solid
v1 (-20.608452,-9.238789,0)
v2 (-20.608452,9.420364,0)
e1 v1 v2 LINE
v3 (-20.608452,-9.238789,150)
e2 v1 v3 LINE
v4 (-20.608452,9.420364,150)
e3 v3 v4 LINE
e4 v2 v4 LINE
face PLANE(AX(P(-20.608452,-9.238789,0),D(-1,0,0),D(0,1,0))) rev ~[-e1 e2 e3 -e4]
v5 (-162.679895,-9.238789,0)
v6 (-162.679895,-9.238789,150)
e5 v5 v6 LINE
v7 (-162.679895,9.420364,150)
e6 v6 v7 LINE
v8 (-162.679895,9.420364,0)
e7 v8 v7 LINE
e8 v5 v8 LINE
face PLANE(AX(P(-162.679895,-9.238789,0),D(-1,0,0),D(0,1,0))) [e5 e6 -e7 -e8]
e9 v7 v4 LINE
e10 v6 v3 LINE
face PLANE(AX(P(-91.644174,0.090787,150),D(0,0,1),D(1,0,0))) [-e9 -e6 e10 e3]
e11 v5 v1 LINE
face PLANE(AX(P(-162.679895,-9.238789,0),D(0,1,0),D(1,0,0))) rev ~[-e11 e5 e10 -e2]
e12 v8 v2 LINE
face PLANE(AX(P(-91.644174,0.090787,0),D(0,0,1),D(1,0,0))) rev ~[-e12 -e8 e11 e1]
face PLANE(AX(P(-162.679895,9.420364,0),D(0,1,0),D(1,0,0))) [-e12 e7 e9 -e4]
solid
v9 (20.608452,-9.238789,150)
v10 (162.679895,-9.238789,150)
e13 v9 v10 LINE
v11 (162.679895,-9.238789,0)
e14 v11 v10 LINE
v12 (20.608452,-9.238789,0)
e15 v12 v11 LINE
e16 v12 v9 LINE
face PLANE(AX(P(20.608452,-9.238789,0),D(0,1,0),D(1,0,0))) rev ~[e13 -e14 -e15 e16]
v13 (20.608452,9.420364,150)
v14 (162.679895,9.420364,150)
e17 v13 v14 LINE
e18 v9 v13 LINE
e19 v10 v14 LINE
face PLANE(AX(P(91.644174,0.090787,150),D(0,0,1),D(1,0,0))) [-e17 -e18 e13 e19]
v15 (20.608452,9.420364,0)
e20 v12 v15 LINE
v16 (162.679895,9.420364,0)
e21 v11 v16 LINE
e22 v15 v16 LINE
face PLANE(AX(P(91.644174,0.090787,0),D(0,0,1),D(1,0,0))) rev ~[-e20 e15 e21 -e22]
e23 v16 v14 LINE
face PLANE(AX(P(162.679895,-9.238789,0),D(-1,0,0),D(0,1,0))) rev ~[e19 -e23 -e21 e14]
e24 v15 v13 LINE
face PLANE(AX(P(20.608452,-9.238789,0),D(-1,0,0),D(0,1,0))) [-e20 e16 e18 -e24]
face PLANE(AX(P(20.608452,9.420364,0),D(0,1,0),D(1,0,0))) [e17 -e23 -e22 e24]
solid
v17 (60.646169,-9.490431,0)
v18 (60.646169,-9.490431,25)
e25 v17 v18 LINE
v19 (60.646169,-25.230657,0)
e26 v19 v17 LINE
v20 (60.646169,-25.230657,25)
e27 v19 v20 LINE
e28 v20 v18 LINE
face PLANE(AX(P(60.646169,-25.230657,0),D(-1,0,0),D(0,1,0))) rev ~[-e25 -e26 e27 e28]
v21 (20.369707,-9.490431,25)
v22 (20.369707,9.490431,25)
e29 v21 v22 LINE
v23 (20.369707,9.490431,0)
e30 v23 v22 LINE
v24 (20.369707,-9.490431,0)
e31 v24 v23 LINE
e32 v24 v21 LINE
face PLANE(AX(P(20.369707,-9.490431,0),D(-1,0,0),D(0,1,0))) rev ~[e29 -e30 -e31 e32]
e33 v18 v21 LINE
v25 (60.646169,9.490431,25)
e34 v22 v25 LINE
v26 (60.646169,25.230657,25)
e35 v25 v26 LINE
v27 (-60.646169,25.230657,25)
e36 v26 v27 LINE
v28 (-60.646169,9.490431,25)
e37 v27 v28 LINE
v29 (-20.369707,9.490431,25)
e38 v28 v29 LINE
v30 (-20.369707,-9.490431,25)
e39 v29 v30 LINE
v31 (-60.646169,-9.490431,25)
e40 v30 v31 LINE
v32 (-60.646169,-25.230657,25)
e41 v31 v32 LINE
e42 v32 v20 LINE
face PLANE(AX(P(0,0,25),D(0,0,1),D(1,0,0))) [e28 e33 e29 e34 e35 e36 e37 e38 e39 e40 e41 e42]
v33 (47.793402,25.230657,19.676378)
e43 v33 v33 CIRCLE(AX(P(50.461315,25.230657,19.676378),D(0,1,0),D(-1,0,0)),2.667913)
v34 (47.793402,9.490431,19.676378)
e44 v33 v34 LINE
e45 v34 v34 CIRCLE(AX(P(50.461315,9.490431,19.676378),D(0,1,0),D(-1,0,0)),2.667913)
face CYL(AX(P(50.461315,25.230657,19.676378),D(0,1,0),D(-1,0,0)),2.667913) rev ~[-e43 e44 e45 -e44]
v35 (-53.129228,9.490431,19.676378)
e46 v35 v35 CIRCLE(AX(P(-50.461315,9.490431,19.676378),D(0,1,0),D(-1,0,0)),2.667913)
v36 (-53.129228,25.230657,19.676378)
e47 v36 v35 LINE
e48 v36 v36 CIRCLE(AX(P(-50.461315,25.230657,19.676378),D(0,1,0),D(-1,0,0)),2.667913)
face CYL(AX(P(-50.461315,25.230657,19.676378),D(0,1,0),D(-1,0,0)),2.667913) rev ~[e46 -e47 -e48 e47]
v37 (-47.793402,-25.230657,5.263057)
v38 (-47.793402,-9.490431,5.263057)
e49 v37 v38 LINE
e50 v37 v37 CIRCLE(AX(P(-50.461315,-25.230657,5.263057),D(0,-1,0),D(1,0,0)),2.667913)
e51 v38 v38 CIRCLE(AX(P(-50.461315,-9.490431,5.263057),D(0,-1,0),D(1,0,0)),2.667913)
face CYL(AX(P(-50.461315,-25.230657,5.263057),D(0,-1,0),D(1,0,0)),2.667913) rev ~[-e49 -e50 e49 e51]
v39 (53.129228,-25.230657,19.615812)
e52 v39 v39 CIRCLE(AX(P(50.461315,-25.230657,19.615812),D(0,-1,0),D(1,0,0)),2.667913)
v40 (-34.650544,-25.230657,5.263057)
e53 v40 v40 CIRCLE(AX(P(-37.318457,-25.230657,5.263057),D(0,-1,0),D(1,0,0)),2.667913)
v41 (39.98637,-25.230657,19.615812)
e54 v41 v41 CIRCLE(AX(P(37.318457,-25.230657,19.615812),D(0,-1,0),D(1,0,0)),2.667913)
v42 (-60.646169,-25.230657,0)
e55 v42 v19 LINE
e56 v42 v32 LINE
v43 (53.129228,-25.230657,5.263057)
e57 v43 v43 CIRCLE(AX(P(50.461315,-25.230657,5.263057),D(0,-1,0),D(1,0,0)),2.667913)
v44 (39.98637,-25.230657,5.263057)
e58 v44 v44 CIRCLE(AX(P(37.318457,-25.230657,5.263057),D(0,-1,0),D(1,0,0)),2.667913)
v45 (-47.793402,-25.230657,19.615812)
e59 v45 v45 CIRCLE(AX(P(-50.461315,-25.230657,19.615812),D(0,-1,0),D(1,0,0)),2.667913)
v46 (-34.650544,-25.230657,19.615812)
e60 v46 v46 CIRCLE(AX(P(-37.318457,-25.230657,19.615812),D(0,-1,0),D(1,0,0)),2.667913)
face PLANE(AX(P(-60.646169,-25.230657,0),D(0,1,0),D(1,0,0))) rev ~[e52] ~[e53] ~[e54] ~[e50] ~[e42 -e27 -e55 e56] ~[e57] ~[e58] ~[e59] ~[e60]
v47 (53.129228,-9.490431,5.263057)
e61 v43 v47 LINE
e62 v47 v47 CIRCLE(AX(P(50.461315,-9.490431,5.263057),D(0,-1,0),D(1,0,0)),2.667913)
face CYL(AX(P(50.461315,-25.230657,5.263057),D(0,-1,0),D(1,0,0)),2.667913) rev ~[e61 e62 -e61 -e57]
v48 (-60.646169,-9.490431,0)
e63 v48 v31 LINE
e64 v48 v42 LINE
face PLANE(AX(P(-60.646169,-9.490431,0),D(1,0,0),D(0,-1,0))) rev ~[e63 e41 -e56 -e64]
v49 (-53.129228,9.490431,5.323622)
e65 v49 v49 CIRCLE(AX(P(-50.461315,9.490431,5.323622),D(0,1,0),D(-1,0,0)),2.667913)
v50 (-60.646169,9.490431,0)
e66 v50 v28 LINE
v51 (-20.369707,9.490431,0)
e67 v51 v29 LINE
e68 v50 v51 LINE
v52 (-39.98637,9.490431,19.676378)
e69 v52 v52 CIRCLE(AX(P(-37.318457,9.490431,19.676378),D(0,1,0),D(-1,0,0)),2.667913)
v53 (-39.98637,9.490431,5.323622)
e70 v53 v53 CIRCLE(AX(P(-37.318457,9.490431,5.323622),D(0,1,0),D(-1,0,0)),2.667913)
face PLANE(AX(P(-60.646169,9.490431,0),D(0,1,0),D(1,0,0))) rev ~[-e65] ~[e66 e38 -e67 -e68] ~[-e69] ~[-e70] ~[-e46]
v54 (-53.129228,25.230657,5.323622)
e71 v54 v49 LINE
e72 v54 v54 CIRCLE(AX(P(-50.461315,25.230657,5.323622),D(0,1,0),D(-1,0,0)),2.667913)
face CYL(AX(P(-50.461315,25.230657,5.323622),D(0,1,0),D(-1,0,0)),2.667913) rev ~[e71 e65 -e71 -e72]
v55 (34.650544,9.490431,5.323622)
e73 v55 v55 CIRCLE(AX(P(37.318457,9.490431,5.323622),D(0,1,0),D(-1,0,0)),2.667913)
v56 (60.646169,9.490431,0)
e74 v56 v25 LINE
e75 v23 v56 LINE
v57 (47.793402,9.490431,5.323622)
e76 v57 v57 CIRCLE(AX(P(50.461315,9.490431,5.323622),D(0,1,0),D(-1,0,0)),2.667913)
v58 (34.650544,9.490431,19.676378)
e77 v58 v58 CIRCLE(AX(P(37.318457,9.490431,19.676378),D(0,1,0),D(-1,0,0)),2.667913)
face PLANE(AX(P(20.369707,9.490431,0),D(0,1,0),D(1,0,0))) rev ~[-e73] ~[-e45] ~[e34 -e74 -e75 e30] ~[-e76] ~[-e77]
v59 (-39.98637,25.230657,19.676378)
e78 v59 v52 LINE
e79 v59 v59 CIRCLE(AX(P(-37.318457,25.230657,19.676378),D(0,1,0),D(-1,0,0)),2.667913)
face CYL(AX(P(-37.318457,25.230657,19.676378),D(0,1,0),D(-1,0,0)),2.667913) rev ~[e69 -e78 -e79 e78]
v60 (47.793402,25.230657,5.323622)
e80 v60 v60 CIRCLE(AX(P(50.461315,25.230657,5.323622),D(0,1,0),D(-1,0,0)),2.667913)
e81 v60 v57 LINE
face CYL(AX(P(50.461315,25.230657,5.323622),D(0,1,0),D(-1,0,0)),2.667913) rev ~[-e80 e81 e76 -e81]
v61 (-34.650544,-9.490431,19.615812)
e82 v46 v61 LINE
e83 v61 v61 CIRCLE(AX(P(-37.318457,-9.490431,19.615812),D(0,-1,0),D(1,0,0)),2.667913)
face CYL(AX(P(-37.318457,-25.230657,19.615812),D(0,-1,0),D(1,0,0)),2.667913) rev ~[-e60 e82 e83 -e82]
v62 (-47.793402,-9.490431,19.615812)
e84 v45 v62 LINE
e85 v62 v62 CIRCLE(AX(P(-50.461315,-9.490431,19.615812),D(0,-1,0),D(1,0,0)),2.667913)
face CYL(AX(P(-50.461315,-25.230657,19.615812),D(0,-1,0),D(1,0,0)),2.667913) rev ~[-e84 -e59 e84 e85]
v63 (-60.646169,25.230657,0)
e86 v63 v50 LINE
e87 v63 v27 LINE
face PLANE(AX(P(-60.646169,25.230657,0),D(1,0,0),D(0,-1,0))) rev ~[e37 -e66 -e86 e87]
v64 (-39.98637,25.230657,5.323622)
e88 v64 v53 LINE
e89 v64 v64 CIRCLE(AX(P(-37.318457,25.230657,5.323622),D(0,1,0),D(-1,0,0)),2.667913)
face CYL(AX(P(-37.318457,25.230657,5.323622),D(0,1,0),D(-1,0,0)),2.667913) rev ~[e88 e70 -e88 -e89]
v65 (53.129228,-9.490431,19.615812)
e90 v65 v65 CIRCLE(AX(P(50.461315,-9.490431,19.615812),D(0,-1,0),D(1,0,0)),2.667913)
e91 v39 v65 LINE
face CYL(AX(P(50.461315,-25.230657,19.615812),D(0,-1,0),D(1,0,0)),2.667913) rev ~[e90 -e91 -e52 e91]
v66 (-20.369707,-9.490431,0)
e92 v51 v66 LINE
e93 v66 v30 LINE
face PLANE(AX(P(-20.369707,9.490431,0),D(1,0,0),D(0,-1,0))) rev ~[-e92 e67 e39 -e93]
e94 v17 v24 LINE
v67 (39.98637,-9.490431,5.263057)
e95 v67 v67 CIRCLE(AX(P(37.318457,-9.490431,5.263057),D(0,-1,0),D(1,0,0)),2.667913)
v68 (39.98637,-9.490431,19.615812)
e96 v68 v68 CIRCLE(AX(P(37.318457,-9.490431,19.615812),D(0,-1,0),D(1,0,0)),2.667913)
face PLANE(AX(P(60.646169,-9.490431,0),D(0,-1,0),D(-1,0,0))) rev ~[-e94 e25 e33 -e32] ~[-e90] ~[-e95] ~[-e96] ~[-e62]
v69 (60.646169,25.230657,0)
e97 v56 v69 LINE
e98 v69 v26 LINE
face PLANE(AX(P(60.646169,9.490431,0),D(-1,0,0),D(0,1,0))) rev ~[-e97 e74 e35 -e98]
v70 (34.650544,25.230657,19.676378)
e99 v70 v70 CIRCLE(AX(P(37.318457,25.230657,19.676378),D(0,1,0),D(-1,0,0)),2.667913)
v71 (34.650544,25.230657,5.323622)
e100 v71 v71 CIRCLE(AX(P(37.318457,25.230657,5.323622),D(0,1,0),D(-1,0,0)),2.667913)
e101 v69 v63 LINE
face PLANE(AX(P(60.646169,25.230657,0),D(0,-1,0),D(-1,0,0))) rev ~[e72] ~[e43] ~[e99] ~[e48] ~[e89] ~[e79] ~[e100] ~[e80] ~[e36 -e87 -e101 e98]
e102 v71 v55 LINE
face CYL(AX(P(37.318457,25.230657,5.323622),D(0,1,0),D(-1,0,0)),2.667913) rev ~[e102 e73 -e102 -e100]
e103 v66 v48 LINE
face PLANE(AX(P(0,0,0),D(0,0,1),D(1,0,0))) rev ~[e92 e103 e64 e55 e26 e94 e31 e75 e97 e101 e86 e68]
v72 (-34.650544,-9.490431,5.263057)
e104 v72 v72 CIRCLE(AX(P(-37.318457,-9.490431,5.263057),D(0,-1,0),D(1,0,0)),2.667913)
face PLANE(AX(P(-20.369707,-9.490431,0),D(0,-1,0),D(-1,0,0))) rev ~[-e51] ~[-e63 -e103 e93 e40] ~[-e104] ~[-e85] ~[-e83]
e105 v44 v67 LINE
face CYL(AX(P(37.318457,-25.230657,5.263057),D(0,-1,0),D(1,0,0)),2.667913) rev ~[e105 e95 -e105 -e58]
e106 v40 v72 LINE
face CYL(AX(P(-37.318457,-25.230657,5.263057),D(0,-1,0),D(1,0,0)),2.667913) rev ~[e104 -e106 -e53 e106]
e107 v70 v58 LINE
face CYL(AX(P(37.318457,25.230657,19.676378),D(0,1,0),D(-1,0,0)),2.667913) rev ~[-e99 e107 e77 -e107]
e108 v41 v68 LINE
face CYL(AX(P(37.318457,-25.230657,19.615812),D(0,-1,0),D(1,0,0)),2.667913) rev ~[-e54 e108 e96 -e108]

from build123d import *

# Parameters (mm, degrees)
F1_DEPTH = 25
F2_R     = 2.667913
F3_DEPTH = 25
F4_R     = 2.667913
F5_DEPTH = 25
F6_W     = 142.071443
F6_H     = 18.659153
F7_DEPTH = 150
F8_DEPTH = 150


with BuildPart() as f1:
    # F0 (on Top) → F1 (new body)
    with BuildSketch(Plane.XY):
        Polygon((-60.646169, 9.490431), (-20.369707, 9.490431), (-20.369707, -9.490431), (-60.646169, -9.490431), (-60.646169, -25.230657), (0, -25.230657), (60.646169, -25.230657), (60.646169, -9.490431), (20.369707, -9.490431), (20.369707, 9.490431), (60.646169, 9.490431), (60.646169, 25.230657), (0, 25.230657), (-60.646169, 25.230657), align=None)
    extrude(amount=F1_DEPTH)

    # F2 (on face) → F3 (cut)
    with BuildSketch(Plane(origin=(0, 25.230657, 0), x_dir=(-1, 0, 0), z_dir=(0, 1, 0))):
        with Locations((50.461315, 5.323622)):
            Circle(F2_R)
        with Locations((37.318457, 5.323622)):
            Circle(F2_R)
        with Locations((50.461315, 19.676378)):
            Circle(F2_R)
        with Locations((37.318457, 19.676378)):
            Circle(F2_R)
        with Locations((-37.318457, 5.323622)):
            Circle(F2_R)
        with Locations((-50.461315, 5.323622)):
            Circle(F2_R)
        with Locations((-50.461315, 19.676378)):
            Circle(F2_R)
        with Locations((-37.318457, 19.676378)):
            Circle(F2_R)
    extrude(amount=-F3_DEPTH, mode=Mode.SUBTRACT)

    # F4 (on face) → F5 (cut)
    with BuildSketch(Plane.XZ.offset(25.230657)):
        with Locations((50.461315, 5.263057)):
            Circle(F4_R)
        with Locations((50.461315, 19.615812)):
            Circle(F4_R)
        with Locations((37.318457, 5.263057)):
            Circle(F4_R)
        with Locations((37.318457, 19.615812)):
            Circle(F4_R)
        with Locations((-37.318457, 5.263057)):
            Circle(F4_R)
        with Locations((-37.318457, 19.615812)):
            Circle(F4_R)
        with Locations((-50.461315, 5.263057)):
            Circle(F4_R)
        with Locations((-50.461315, 19.615812)):
            Circle(F4_R)
    extrude(amount=-F5_DEPTH, mode=Mode.SUBTRACT)


with BuildPart() as f7:
    # F6 (on Top) → F7 (new body)
    with BuildSketch(Plane.XY):
        with Locations((-91.644174, 0.090787)):
            Rectangle(F6_W, F6_H)
    extrude(amount=F7_DEPTH)


with BuildPart() as f8:
    # F6 (on Top) → F8 (new body)
    with BuildSketch(Plane.XY):
        with Locations((91.644174, 0.090787)):
            Rectangle(F6_W, F6_H)
    extrude(amount=F8_DEPTH)


solid = Compound([f1.part, f7.part, f8.part])
